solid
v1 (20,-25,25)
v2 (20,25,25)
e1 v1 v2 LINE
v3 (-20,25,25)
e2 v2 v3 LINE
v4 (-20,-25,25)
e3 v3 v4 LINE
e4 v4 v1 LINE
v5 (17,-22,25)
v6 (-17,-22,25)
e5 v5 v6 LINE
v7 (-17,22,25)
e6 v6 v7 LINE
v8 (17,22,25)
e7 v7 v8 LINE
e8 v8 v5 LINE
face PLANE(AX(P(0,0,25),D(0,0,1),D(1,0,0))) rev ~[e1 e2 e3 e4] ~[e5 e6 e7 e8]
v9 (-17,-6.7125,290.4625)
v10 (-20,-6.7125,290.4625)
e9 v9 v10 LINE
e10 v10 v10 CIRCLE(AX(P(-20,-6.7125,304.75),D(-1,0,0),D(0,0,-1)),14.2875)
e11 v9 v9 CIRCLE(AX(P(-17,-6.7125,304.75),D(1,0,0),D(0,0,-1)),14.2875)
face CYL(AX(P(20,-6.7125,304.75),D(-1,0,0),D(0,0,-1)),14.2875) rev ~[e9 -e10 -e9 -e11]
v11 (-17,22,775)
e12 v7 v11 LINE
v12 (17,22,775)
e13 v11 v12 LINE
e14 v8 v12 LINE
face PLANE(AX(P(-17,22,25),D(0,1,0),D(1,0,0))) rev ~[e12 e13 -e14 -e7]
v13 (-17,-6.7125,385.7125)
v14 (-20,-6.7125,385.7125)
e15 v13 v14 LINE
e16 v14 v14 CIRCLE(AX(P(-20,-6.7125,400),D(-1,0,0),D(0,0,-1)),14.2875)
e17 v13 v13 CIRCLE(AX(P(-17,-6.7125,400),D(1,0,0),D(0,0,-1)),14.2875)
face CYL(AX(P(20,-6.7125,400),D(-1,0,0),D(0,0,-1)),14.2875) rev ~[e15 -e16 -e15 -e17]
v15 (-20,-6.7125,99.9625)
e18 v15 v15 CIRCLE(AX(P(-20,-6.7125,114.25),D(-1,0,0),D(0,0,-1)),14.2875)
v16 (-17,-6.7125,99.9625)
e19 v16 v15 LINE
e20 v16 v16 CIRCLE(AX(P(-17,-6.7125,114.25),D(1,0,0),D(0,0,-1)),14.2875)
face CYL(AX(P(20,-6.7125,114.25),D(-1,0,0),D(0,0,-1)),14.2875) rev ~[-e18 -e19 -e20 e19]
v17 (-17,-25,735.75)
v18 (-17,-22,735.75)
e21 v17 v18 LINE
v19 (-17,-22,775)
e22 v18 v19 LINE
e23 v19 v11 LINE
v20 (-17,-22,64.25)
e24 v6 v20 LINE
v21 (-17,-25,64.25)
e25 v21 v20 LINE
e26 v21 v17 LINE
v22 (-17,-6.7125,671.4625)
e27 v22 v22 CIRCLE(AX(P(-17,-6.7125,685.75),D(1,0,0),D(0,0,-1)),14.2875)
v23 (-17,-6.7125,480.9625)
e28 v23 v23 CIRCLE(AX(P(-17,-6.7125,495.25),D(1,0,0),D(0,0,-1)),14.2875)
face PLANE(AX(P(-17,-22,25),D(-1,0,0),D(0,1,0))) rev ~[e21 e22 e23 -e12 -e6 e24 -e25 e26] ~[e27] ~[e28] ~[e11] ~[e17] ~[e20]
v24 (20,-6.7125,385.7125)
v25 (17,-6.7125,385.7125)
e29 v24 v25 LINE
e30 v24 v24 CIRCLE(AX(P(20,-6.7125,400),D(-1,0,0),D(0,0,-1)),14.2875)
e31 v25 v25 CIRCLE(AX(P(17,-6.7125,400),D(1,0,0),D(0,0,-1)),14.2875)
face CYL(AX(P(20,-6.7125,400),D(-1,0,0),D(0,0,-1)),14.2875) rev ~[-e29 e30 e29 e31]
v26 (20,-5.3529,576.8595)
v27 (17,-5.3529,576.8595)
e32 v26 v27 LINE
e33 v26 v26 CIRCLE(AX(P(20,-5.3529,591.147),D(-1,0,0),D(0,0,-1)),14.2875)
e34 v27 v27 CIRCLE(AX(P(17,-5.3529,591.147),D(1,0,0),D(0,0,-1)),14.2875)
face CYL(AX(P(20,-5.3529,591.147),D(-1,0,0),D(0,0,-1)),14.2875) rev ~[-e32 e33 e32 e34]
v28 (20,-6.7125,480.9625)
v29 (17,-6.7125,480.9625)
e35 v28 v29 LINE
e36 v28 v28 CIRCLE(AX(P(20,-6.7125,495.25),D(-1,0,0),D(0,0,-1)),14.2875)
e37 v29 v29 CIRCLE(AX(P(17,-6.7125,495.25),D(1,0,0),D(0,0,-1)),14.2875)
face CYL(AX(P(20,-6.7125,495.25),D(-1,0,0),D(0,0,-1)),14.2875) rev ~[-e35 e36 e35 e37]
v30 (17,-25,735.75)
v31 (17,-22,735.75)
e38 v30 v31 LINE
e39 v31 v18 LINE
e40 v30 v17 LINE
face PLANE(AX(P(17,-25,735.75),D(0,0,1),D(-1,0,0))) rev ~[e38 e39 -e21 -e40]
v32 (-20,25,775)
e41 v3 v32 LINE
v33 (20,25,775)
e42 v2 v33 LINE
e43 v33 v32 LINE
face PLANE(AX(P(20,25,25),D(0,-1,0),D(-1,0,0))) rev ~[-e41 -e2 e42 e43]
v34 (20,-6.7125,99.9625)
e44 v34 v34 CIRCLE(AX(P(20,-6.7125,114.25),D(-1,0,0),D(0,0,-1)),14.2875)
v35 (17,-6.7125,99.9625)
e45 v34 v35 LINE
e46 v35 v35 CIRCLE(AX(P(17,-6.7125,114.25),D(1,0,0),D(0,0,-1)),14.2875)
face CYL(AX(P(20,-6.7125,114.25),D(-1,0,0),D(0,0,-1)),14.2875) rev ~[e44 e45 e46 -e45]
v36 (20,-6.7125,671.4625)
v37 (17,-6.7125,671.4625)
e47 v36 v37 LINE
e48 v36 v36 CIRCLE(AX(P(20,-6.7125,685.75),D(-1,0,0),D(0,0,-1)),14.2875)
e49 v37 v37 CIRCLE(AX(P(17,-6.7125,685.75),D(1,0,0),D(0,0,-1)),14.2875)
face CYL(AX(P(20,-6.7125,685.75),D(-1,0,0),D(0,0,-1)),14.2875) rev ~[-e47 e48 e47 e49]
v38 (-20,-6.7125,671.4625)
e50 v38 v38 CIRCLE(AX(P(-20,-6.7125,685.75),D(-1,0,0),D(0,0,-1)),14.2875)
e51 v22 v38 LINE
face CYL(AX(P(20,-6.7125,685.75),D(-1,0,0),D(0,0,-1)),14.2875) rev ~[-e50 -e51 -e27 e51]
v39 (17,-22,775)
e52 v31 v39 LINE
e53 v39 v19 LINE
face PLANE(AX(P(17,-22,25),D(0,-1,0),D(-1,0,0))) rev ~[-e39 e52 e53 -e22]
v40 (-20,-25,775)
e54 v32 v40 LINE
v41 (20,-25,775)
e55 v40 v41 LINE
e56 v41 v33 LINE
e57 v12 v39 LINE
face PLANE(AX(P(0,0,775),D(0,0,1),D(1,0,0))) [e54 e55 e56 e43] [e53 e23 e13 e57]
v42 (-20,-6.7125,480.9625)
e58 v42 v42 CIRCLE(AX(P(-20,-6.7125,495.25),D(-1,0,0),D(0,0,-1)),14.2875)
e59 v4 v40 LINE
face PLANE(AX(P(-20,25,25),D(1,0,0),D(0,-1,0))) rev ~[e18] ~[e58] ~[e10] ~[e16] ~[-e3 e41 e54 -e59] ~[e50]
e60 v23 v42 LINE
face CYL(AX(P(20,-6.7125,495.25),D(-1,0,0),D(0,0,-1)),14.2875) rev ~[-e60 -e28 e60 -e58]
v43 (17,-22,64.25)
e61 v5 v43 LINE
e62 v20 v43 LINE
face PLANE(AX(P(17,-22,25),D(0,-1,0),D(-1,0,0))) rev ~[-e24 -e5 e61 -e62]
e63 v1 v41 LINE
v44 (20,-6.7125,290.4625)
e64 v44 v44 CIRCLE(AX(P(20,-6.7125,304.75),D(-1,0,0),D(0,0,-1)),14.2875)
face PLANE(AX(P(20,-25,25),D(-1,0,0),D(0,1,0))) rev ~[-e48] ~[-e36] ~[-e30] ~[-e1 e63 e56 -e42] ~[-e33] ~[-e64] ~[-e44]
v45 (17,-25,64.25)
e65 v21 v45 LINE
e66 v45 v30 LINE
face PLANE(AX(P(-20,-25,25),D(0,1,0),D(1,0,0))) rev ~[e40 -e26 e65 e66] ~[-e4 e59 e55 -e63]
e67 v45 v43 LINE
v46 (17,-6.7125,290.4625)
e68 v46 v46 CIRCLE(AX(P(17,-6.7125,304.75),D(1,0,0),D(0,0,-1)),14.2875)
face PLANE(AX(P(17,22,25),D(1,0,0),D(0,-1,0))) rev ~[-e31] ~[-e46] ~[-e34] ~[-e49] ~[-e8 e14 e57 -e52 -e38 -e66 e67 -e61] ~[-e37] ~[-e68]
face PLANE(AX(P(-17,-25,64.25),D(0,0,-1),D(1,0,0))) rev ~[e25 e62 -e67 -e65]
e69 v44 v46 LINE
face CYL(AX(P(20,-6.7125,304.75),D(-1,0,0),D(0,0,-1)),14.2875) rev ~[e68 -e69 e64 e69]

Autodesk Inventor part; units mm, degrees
ref_plane "Start Plane" through (0, 0, 25) normal (0, 0, 1) x (1, 0, 0)
ref_plane "End Plane" through (0, 0, 775) normal (0, 0, 1) x (1, 0, 0)
sketch "Sketch" plane through (0, 0, 0) normal (0, 0, 1) x (1, 0, 0)
  line L0 (-20, -25) -> (20, -25)
  line L1 (20, -25) -> (20, 25)
  line L2 (20, 25) -> (-20, 25)
  line L3 (-20, 25) -> (-20, -25)
  line L4 (-20, -25) -> (20, 25) construction
  line L5 (20, -25) -> (-20, 25) construction
  line L6 (-17, 22) -> (17, 22)
  line L7 (17, 22) -> (17, -22)
  line L8 (17, -22) -> (-17, -22)
  line L9 (-17, -22) -> (-17, 22)
  point P0 (0, 0)
  dimension "Width" = 40
  dimension "Height" = 50
  dimension "Thickness" = 3
extrude "Body" add sketch "Sketch" along normal up to surface (750 mm away) from surface at 25
sketch "Sketch2" plane through (0, 0, 0) normal (0, 0, 1) x (1, 0, 0)
  line L0 (0, 0) -> (10, 0)
ref_plane "Work Plane3" through (0, 0, 0) normal (0, -1, 0) x (1, 0, 0)
sketch "Sketch3" plane through (0, 0, 0) normal (0, -1, 0) x (1, 0, 0)
  line L0 (-2, 25) -> (12, 25)
  line L1 (-2, 775) -> (12, 775)
  dimension "d10" = 750
ref_plane "Work Plane4" through (585.5, 19, 25) normal (0, 0, -1) x (-1, 0, 0)
split "Split1" plane through (585.5, 19, 25) removes the side toward (0, 0, -1)
ref_plane "Work Plane5" through (-72, -25, 775) normal (0, 0, 1) x (1, 0, 0)
split "Split2" plane through (-72, -25, 775) removes the side toward (0, 0, 1)
sketch "Sketch5" plane through (20, -25, 775) normal (1, 0, 0) x (0, 0, -1)
  circle A0 centre (89.25, 18.2875) radius 14.2875 projected
  circle A1 centre (184.4356, 19.942) radius 14.2875 projected
  circle A2 centre (279.75, 18.2875) radius 14.2875 projected
  circle A3 centre (375, 18.2875) radius 14.2875 projected
  circle A4 centre (470.25, 18.2875) radius 14.2875 projected
  circle A5 centre (660.75, 18.2875) radius 14.2875 projected
  point P0 (775, 25)
hole "Hole1" at (20, -6.7125, 685.75) at (20, -6.7125, 495.25) at (20, -6.7125, 400) at (20, -6.7125, 304.75) at (20, -6.7125, 114.25) direction (-1, 0, 0) diameter 28.575 depth 40
sketch "Sketch6" plane through (20, -25, 775) normal (1, 0, 0) x (0, 0, -1)
  point P0 (775, 25)
  point P1 (183.853, 19.6471)
hole "Hole2" at (20, -5.3529, 591.147) direction (-1, 0, 0) diameter 28.575 depth 3
sketch "Sketch7" plane through (-20, -25, 775) normal (0, -1, 0) x (1, 0, 0)
  line L0 (37, -750) -> (37, 0) projected
  line L1 (3, -750) -> (3, 0) projected
  line L2 (37, -39.25) -> (3, -39.25)
  line L3 (3, -39.25) -> (3, -710.75)
  line L4 (3, -710.75) -> (37, -710.75)
  line L5 (37, -710.75) -> (37, -39.25)
  point P0 (20, -775)
  point P1 (37, -375)
  point P2 (37, -375)
  point P3 (37, -710.75)
  point P4 (3, -39.25)
  dimension "d27" = 671.5
extrude "Extrusion4" cut sketch "Sketch7" against normal blind 10
equation "\"G_OFFSET_START\" = -25"
equation "\"G_OFFSET_END\" = -25"
equation "\"d5\" = -G_OFFSET_START"
equation "\"d6\" = Length + G_OFFSET_END"
equation "\"G_L\" = 750"
equation "\"WheelBay_Depth\" = 55"
equation "\"Chassi_GroundClearance\" = 10.116"
equation "\"Wheel_Diametre\" = 152.4"
equation "\"Wheel_Seperation\" = 285.75"
equation "\"Wheel_HeightOffset\" = 4"
equation "\"Wheel_Clearance\" = 13.05"
equation "\"Wheel_CentreDrop\" = 4"
equation "\"Wheel_Diametre2\" = 101.6"
equation "\"Wheel_Seperation2\" = 194.33333"
equation "\"Wheel_HeightOffset2\" = 4"
equation "\"Wheel_Clearance2\" = 32.7"
equation "\"Chain_Pitch\" = 9.525"
equation "\"Wheel_CCSpan\" = 571.5"
equation "\"Wheel_CCSpan2\" = 471.5"
equation "\"Wheel_MaxSeperation\" = 285.75"
equation "\"Wheel_MaxSeperation2\" = 190.5"
equation "\"MotorholeCC\" = 95.25"
equation "\"Heightfromcenter\" = 6.7125"
equation "\"MotorholeHorizontal\" = 95.01318"
equation "\"OutputshaftTopOffset\" = 30.058"
equation "\"Chassi_SideRivetSpacing\" = 37.5"
equation "\"Sprocket_Thickness\" = 10.668"
equation "\"BumperMountingBarOffset\" = 177.8"
equation "\"Length\" = 800"
properties part number "50x40x3" material "Aluminum 6061"
